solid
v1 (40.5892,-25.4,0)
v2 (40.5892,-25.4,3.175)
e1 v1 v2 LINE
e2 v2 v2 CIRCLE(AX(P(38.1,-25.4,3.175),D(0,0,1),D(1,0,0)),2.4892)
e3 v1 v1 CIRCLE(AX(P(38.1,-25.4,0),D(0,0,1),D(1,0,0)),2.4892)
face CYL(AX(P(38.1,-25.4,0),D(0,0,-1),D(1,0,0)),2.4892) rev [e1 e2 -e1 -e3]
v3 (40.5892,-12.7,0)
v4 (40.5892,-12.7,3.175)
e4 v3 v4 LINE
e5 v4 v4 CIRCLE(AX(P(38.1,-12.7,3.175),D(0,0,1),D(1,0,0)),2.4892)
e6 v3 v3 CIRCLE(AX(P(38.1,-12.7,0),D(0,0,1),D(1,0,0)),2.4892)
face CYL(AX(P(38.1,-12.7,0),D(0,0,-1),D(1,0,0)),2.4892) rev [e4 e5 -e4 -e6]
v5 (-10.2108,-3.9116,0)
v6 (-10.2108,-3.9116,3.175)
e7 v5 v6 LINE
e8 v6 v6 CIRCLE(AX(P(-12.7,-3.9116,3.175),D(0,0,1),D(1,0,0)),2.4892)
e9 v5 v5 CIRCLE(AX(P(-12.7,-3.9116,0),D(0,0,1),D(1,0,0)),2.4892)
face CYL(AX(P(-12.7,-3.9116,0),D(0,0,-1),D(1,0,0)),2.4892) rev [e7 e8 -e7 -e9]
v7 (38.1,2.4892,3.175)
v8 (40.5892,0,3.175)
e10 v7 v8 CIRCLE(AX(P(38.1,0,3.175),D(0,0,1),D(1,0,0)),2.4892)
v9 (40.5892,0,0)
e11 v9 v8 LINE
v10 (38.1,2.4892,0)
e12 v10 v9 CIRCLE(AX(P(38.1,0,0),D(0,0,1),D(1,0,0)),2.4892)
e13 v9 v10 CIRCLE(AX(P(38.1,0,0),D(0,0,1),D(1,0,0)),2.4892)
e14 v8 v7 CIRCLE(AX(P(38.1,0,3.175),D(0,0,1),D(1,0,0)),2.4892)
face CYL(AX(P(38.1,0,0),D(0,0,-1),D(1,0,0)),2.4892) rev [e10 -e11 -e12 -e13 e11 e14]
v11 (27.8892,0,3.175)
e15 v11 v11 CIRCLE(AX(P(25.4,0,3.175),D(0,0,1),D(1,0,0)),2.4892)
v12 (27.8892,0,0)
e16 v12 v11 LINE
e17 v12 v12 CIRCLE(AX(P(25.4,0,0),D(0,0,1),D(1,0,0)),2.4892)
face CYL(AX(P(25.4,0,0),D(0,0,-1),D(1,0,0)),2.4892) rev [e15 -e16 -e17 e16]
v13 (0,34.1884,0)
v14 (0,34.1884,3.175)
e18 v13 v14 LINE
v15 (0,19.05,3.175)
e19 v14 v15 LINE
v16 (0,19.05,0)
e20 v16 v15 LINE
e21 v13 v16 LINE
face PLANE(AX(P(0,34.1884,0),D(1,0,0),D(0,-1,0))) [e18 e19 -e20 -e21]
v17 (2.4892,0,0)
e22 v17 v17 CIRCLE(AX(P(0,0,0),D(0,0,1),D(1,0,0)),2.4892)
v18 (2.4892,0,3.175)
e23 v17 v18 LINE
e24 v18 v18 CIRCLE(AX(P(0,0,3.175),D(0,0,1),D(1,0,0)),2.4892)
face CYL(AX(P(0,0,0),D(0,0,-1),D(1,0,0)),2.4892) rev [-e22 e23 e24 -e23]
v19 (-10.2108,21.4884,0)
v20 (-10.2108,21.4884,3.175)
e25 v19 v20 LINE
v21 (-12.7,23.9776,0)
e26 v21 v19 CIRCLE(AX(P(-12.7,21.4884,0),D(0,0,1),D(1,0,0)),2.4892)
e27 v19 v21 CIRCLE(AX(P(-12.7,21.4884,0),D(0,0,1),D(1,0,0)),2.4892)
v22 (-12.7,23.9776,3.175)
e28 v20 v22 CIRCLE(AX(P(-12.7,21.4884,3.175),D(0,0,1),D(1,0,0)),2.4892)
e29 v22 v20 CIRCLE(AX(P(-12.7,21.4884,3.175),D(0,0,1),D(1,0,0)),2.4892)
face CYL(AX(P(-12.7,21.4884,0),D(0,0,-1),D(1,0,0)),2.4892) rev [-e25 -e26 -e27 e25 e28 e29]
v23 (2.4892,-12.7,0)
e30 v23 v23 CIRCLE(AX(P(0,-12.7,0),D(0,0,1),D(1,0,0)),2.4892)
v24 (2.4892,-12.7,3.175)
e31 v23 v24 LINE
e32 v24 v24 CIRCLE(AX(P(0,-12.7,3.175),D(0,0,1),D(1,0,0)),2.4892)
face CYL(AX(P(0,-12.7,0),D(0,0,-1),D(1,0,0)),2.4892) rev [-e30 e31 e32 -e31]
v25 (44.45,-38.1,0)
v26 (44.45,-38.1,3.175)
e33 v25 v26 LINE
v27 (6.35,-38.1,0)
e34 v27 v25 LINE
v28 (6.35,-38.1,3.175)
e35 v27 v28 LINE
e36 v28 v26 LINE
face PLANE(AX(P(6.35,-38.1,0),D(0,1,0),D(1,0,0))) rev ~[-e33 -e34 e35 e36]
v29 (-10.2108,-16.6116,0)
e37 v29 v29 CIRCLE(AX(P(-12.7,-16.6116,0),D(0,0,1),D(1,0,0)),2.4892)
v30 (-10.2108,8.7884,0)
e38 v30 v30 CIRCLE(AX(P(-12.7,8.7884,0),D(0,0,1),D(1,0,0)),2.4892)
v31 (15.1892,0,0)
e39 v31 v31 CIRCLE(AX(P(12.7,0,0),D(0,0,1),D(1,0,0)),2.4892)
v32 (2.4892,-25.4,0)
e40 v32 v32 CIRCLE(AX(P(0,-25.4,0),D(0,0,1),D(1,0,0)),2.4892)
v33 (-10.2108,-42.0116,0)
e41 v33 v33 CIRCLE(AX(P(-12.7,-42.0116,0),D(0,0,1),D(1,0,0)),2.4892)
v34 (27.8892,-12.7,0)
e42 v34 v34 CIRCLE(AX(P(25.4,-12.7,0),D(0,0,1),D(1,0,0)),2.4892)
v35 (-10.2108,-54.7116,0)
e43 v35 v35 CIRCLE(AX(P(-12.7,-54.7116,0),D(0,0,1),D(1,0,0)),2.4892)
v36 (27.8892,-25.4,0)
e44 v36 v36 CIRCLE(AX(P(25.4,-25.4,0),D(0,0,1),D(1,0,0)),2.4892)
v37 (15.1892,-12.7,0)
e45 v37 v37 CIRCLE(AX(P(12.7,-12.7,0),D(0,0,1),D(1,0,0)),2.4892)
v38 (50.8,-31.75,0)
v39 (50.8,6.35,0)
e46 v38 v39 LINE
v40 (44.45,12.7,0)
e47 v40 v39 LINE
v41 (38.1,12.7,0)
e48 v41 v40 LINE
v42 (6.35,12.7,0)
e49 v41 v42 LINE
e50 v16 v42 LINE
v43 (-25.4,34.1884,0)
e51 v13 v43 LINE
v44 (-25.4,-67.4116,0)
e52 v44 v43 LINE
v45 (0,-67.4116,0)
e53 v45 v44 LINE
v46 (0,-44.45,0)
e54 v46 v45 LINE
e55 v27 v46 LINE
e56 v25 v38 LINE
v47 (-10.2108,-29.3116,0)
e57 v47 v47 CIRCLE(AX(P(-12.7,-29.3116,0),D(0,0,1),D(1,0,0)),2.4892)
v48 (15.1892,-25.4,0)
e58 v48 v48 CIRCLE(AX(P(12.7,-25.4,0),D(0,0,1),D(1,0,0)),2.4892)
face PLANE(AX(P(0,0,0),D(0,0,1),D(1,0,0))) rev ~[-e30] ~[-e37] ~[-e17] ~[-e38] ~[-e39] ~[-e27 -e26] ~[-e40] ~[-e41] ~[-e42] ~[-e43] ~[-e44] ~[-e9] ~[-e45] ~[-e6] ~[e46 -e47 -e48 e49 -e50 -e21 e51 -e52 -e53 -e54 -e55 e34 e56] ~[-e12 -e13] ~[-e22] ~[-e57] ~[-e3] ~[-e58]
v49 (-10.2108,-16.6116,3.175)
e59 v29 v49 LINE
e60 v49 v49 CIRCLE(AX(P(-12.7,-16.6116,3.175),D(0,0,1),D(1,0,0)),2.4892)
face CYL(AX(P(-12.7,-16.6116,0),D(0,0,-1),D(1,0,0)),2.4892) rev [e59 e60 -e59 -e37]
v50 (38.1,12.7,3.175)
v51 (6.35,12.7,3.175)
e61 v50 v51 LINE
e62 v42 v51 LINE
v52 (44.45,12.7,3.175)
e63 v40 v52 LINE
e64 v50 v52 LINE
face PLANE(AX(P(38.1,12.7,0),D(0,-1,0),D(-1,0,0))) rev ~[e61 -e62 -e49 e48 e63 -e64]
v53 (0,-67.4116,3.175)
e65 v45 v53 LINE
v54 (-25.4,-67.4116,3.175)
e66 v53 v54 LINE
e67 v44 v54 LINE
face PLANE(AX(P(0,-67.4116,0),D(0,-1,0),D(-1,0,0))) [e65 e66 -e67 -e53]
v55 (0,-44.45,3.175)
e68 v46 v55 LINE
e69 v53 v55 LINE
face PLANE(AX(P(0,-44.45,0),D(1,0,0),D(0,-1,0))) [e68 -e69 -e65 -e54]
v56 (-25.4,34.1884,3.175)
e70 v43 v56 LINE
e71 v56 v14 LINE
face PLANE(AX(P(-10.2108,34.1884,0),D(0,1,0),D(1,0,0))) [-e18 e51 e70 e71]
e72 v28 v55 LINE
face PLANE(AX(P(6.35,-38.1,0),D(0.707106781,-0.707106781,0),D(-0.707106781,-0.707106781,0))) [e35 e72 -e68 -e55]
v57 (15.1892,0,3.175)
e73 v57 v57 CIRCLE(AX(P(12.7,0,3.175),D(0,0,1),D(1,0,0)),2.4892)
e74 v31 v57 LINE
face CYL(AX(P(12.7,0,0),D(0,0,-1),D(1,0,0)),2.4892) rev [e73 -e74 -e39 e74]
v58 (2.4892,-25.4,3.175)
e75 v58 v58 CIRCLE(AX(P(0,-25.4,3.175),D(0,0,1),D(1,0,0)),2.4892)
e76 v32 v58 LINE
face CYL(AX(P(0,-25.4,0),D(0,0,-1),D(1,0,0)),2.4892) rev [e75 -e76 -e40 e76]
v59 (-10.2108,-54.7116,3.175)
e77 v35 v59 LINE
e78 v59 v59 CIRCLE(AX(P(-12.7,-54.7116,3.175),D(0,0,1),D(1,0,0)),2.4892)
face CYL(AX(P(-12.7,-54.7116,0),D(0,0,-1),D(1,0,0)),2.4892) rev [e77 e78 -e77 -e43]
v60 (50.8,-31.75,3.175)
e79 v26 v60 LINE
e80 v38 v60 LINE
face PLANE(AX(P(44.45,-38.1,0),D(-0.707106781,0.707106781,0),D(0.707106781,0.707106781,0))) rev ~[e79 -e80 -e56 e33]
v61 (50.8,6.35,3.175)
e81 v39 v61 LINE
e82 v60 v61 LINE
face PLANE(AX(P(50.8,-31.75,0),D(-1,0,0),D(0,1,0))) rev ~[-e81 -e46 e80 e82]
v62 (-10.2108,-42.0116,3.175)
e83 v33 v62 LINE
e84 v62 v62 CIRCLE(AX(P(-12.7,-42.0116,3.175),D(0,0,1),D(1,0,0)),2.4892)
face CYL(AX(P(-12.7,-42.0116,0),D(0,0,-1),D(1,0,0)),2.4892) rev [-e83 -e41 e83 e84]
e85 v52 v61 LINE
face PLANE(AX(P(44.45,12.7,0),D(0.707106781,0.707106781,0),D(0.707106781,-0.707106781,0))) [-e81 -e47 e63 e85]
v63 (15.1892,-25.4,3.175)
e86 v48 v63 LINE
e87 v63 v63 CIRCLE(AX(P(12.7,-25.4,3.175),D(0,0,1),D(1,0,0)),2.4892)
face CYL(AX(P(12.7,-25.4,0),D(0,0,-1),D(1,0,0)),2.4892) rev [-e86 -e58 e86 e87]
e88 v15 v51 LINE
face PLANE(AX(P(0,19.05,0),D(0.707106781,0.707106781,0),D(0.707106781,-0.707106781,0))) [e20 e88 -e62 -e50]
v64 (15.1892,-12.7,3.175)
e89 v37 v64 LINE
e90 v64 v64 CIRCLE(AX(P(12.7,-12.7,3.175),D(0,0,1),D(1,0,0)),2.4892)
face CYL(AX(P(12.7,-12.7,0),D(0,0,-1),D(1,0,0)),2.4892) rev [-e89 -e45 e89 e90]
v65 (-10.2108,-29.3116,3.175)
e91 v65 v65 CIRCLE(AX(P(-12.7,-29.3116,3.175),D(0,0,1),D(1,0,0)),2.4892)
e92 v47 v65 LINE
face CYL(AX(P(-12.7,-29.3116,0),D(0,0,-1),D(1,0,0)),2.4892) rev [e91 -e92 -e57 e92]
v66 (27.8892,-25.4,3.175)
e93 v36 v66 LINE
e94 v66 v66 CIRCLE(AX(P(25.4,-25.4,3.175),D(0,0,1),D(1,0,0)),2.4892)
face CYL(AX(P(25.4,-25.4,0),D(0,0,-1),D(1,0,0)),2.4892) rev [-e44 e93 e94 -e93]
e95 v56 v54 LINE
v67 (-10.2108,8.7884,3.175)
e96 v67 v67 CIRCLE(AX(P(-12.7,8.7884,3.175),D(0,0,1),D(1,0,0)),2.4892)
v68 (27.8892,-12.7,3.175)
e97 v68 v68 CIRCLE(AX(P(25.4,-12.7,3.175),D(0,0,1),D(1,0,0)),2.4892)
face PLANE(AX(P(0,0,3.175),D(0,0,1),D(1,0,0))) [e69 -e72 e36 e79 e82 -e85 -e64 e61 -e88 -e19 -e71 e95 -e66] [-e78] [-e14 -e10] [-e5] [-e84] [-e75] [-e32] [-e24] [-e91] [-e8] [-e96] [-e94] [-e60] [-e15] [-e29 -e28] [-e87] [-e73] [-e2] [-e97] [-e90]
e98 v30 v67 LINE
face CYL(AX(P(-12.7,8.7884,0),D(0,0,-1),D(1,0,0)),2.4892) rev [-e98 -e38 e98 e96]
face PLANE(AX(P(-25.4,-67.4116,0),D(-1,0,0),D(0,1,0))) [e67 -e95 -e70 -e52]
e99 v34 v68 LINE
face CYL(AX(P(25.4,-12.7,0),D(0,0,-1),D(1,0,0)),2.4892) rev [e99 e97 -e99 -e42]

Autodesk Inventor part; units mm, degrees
ref_plane "YZ Plane" through (0, 0, 0) normal (1, 0, 0) x (0, 1, 0)
ref_plane "XZ Plane" through (0, 0, 0) normal (0, 1, 0) x (-1, 0, 0)
ref_plane "XY Plane" through (0, 0, 0) normal (0, 0, 1) x (1, 0, 0)
sketch "Sketch1" plane through (0, 0, 0) normal (0, 0, 1) x (1, 0, 0)
  circle A0 centre (0, 0) radius 2.4892
  circle A1 centre (-12.7, 8.7884) radius 2.4892
  line L0 (-20.7225, -6.5967) -> (-20.7225, -16.769) construction
  line L1 (-24.8179, -11.6828) -> (-17.0895, -11.6828) construction
  circle A2 centre (-12.7, 21.4884) radius 2.4892
  circle A3 centre (-12.7, 34.1884) radius 2.4892
  circle A4 centre (-12.7, 46.8884) radius 2.4892
  circle A5 centre (12.7, 0) radius 2.4892
  circle A6 centre (25.4, 0) radius 2.4892
  circle A7 centre (38.1, 0) radius 2.4892
  circle A8 centre (0, -12.7) radius 2.4892
  circle A9 centre (12.7, -12.7) radius 2.4892
  circle A10 centre (25.4, -12.7) radius 2.4892
  circle A11 centre (38.1, -12.7) radius 2.4892
  circle A12 centre (-12.7, -3.9116) radius 2.4892
  circle A13 centre (0, -25.4) radius 2.4892
  circle A14 centre (12.7, -25.4) radius 2.4892
  circle A15 centre (25.4, -25.4) radius 2.4892
  circle A16 centre (38.1, -25.4) radius 2.4892
  circle A17 centre (-12.7, -16.6116) radius 2.4892
  circle A18 centre (-12.7, -29.3116) radius 2.4892
  circle A19 centre (-12.7, -42.0116) radius 2.4892
  line L2 (38.1, 0) -> (38.1, 12.7)
  line L3 (38.1, 12.7) -> (44.45, 12.7)
  line L4 (50.8, 12.7) -> (6.35, 12.7)
  line L5 (6.35, -38.1) -> (44.45, -38.1)
  line L6 (50.8, -31.75) -> (50.8, 6.35)
  line L7 (0, -44.45) -> (0, -54.7116)
  line L8 (-25.4, -54.7116) -> (-25.4, 34.1884)
  line L9 (0, 34.1884) -> (0, 19.05)
  line L10 (0, 19.05) -> (6.35, 12.7)
  line L11 (6.35, -38.1) -> (0, -44.45)
  line L12 (44.45, -38.1) -> (50.8, -31.75)
  line L13 (44.45, 12.7) -> (50.8, 6.35)
  circle A20 centre (-12.7, -54.7116) radius 2.4892
  line L14 (-12.7, 21.4884) -> (-12.7, 34.1884)
  line L15 (-12.7, 34.1884) -> (-25.4, 34.1884)
  line L16 (-25.4, 34.1884) -> (-25.4, 34.1884)
  line L17 (-12.7, 34.1884) -> (0, 34.1884)
  line L18 (0, 34.1884) -> (0, 34.1884)
  line L19 (0, -49.5808) -> (0, -67.4116)
  line L20 (0, -67.4116) -> (-25.4, -67.4116)
  line L21 (-25.4, -67.4116) -> (-25.4, -54.7116)
  point P0 (0, -38.1)
  point P1 (0, 12.7)
  point P2 (50.8, -38.1)
  dimension "d0" = 4.9784
  dimension "d1" = 4.9784
  dimension "d2" = 8.7884
  dimension "d3" = 12.7
  dimension "d6" = 12.7
  dimension "d13" = 12.7
  dimension "d28" = 12.7
  dimension "d35" = 12.7
  dimension "d42" = 12.7
  dimension "d43" = 12.7
  dimension "d44" = 50.8
  dimension "d45" = 16.6116
  dimension "d46" = 25.4
  dimension "d47" = 88.9
  dimension "d48" = 6.35
  dimension "d49" = 6.35
  dimension "d50" = 6.35
  dimension "d51" = 6.35
  dimension "d52" = 6.35
  dimension "d53" = 6.35
  dimension "d54" = 6.35
  dimension "d55" = 6.35
  dimension "d60" = 12.7
  dimension "d66" = 12.7
extrude "Extrusion2" add sketch "Sketch1" along normal blind 3.175 contours A3 L17 L9 L10 L4 L3 L13 L6 L12 L5 L11 L7 L19 L20 L21 L8 L15 | A3 L15 L14 | L14 L17 A3
equation "\"d49\" = d48"
equation "\"d51\" = d50"
equation "\"d53\" = d52"
equation "\"d54\" = d52"
equation "\"d55\" = d54"
properties part number "Custom-Underside-L-Gusset" material "Aluminum 6061"
